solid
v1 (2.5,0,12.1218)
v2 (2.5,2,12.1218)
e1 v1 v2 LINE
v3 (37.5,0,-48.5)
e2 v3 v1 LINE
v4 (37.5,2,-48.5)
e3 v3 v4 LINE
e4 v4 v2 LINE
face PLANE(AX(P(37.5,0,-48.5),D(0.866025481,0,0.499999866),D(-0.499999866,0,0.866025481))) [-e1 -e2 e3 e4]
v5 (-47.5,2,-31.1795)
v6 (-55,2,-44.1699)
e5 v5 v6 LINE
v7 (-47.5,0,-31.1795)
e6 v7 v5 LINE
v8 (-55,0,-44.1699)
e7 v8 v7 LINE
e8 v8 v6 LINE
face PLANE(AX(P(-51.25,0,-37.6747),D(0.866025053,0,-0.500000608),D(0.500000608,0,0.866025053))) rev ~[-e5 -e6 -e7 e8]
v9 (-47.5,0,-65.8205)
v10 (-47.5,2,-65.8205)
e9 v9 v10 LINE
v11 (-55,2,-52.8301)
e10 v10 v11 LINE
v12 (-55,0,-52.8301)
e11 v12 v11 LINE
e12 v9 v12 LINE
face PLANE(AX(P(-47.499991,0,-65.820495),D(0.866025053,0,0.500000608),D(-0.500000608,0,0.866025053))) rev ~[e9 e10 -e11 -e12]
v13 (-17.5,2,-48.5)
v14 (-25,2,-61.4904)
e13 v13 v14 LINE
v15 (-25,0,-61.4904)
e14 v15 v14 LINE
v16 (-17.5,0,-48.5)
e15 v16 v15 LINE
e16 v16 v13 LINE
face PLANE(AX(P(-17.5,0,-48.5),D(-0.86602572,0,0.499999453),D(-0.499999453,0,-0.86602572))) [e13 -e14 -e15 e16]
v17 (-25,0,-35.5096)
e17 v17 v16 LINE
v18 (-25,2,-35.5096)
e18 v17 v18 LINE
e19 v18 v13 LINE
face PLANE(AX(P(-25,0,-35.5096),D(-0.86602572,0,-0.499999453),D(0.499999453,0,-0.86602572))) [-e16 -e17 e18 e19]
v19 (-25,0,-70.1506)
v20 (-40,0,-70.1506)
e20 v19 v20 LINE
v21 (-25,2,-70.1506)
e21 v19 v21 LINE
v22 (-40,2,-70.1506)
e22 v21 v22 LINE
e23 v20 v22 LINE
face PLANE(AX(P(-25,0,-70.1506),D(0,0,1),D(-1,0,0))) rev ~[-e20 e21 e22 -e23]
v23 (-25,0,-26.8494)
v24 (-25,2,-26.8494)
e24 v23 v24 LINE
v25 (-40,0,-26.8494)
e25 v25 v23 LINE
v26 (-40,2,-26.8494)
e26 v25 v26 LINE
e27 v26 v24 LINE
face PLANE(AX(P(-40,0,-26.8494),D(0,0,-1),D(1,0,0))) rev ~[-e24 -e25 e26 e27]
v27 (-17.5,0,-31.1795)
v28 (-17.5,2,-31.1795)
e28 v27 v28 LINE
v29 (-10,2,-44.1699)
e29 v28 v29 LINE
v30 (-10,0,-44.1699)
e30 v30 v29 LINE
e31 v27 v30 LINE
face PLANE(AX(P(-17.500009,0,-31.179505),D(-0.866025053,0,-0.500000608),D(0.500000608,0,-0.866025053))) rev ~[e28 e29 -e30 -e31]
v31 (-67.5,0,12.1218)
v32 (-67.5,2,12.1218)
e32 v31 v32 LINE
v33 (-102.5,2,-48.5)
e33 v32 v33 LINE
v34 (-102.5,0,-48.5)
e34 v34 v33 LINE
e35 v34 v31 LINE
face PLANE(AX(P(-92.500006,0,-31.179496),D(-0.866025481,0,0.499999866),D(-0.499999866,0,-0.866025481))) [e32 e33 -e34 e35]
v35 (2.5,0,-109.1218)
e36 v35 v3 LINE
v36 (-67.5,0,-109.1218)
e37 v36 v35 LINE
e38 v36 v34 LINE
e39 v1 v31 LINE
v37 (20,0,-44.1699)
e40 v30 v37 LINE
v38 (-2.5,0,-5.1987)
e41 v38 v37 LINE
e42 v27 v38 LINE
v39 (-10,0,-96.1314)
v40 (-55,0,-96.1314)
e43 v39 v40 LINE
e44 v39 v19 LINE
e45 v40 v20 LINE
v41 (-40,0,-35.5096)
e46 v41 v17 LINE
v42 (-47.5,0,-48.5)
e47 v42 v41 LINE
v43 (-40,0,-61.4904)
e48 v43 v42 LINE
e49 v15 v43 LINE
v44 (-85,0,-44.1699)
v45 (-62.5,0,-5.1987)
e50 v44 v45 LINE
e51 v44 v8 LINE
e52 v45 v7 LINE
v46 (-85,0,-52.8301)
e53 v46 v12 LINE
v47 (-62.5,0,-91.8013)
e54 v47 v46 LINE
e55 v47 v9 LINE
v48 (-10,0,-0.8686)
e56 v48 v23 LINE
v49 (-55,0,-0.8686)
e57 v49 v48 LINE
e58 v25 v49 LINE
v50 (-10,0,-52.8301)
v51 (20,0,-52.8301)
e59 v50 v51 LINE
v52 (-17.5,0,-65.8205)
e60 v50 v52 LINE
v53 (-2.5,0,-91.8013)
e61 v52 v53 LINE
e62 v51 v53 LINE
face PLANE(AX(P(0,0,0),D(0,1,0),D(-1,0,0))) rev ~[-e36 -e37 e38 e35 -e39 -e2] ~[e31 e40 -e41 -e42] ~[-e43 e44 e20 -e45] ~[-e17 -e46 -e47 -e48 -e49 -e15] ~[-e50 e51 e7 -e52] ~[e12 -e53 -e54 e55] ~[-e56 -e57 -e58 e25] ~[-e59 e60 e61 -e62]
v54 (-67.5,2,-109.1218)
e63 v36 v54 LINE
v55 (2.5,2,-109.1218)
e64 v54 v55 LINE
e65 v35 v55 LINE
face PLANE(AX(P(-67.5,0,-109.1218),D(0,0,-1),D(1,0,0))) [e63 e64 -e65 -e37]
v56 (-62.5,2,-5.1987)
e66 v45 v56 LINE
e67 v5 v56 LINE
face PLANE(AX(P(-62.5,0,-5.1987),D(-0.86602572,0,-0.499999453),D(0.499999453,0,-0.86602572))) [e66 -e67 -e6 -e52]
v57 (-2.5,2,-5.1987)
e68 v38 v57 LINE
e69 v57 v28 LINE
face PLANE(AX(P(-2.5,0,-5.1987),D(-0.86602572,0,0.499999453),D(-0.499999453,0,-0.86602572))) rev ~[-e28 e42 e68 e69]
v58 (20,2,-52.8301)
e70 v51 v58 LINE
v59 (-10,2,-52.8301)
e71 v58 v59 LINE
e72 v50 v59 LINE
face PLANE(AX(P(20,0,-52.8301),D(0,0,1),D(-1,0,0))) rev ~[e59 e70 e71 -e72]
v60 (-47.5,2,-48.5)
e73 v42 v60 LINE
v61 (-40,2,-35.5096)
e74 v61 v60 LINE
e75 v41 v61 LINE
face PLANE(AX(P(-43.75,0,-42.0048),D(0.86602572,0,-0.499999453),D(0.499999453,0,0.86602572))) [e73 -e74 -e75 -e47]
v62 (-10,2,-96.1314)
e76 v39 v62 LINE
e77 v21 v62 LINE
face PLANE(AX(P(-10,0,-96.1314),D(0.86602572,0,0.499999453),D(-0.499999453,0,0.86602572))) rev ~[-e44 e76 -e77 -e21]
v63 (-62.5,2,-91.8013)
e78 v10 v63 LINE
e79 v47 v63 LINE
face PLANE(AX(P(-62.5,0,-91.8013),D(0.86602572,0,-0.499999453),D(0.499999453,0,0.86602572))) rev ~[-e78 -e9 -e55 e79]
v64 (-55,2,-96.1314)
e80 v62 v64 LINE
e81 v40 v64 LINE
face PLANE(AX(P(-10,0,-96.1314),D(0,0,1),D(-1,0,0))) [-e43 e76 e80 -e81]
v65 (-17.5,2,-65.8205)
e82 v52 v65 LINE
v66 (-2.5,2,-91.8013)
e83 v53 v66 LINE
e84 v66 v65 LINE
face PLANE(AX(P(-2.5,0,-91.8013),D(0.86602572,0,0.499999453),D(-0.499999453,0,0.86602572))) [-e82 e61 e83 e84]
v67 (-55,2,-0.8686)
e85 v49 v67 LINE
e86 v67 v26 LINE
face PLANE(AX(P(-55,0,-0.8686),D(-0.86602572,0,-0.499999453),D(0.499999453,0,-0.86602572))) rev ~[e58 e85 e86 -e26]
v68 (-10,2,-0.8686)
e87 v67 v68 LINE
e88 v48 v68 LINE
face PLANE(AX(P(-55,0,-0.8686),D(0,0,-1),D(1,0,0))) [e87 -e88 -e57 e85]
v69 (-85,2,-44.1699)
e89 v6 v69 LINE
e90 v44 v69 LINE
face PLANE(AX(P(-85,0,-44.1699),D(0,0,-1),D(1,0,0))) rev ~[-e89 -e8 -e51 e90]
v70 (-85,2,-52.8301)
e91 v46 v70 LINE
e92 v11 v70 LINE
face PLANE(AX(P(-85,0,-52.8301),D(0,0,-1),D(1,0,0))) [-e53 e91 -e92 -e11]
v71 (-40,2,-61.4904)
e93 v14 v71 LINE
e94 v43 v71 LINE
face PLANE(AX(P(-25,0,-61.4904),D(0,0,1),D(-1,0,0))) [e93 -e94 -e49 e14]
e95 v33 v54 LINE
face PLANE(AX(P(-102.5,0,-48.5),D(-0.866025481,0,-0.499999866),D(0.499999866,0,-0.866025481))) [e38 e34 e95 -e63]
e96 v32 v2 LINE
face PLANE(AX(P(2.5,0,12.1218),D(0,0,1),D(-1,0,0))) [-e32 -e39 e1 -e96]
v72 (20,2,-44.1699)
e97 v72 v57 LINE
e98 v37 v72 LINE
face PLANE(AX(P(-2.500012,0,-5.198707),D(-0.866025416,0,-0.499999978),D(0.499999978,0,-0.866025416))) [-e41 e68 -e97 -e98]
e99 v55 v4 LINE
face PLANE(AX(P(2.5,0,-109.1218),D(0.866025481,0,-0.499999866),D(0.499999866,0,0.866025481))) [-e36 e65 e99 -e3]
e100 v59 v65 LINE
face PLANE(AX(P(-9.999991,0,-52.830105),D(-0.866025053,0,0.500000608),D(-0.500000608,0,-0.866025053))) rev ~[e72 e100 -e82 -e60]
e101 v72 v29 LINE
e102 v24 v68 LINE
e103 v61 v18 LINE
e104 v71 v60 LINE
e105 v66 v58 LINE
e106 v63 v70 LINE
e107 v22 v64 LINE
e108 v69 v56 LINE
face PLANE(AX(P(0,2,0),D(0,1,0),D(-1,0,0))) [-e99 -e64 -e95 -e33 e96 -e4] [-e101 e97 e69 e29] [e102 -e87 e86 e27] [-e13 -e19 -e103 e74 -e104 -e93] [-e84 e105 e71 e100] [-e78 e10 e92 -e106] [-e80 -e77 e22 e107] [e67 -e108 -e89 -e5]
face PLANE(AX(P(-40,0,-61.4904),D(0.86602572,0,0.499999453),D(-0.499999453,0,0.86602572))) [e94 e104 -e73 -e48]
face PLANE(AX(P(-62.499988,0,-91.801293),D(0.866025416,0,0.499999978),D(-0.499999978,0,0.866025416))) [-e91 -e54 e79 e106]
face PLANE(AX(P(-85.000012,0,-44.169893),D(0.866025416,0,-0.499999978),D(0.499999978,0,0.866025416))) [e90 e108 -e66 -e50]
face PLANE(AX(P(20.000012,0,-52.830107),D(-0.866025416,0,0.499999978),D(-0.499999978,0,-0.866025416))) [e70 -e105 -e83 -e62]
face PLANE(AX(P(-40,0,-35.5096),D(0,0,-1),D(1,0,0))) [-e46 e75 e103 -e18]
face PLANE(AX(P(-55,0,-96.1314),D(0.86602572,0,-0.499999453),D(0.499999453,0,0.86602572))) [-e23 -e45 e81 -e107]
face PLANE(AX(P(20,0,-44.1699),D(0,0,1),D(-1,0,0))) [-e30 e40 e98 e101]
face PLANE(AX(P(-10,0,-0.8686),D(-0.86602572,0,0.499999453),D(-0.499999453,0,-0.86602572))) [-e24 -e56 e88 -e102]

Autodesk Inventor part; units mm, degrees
ref_plane "YZ Plane" through (0, 0, 0) normal (1, 0, 0) x (0, 1, 0)
ref_plane "XZ Plane" through (0, 0, 0) normal (0, 1, 0) x (-1, 0, 0)
ref_plane "XY Plane" through (0, 0, 0) normal (0, 0, 1) x (1, 0, 0)
sketch "Sketch6" plane through (0, 0, 0) normal (0, 1, 0) x (-1, 0, 0)
  circle A0 centre (32.5, -48.5) radius 70
  line L0 (102.5, -48.5) -> (67.5, -109.1218)
  line L1 (67.5, -109.1218) -> (-2.5, -109.1218)
  line L2 (-2.5, -109.1218) -> (-37.5, -48.5)
  line L3 (-37.5, -48.5) -> (-2.5, 12.1218)
  line L4 (-2.5, 12.1218) -> (67.5, 12.1218)
  line L5 (67.5, 12.1218) -> (102.5, -48.5)
  line L6 (32.5, 12.1218) -> (47.5, 12.1218)
  line L7 (47.5, 12.1218) -> (47.5, 5.6218)
  line L8 (47.5, 5.6218) -> (17.5, 5.6218)
  line L9 (17.5, 5.6218) -> (17.5, 12.1218)
  line L10 (47.5, 5.6218) -> (56.6924, 5.6218) construction
  line L11 (17.5, 8.8718) -> (20, 8.8718)
  line L12 (47.5, 8.8718) -> (45, 8.8718)
  line L13 (45, 8.8718) -> (45, 10.1218)
  line L14 (45, 10.1218) -> (20, 10.1218)
  line L15 (20, 10.1218) -> (20, 7.6218)
  line L16 (20, 7.6218) -> (45, 7.6218)
  line L17 (45, 7.6218) -> (45, 10.1218)
  line L18 (47.5, 5.6218) -> (56.6924, 5.6218)
  line L19 (17.5, 5.6218) -> (11, 5.6218)
  line L20 (17.5, 12.1218) -> (11, 5.6218)
  line L21 (17.5, 12.1218) -> (26.6924, 12.1218) construction
  line L22 (47.5, 12.1218) -> (54, 5.6218)
  line L23 (85, -18.1891) -> (77.5, -5.1987)
  line L24 (77.5, -5.1987) -> (71.8708, -8.4487)
  line L25 (71.8708, -8.4487) -> (86.8708, -34.4295)
  line L26 (86.8708, -34.4295) -> (92.5, -31.1795)
  line L27 (71.8708, -8.4487) -> (67.2746, -0.4879) construction
  line L28 (89.6854, -32.8045) -> (88.4354, -30.6394)
  line L29 (74.6854, -6.8237) -> (75.9354, -8.9888)
  line L30 (75.9354, -8.9888) -> (77.0179, -8.3638)
  line L31 (77.0179, -8.3638) -> (89.5179, -30.0144)
  line L32 (89.5179, -30.0144) -> (87.3529, -31.2644)
  line L33 (87.3529, -31.2644) -> (74.8529, -9.6138)
  line L34 (74.8529, -9.6138) -> (77.0179, -8.3638)
  line L35 (71.8708, -8.4487) -> (67.2746, -0.4879)
  line L36 (86.8708, -34.4295) -> (90.1208, -40.0587)
  line L37 (92.5, -31.1795) -> (90.1208, -40.0587)
  line L38 (92.5, -31.1795) -> (87.9038, -23.2187) construction
  line L39 (77.5, -5.1987) -> (68.6208, -2.8196)
  line L40 (71.8708, -88.5513) -> (67.2746, -96.5121) construction
  line L41 (74.6854, -90.1763) -> (75.9354, -88.0112)
  line L42 (74.8529, -87.3862) -> (77.0179, -88.6362)
  line L43 (77.5, -91.8013) -> (71.8708, -88.5513)
  line L44 (77.5, -91.8013) -> (68.6208, -94.1804)
  line L45 (71.8708, -88.5513) -> (67.2746, -96.5121)
  line L46 (77.0179, -88.6362) -> (89.5179, -66.9856)
  line L47 (87.3529, -65.7356) -> (74.8529, -87.3862)
  line L48 (71.8708, -88.5513) -> (86.8708, -62.5705)
  line L49 (89.5179, -66.9856) -> (87.3529, -65.7356)
  line L50 (89.6854, -64.1955) -> (88.4354, -66.3606)
  line L51 (86.8708, -62.5705) -> (92.5, -65.8205)
  line L52 (86.8708, -62.5705) -> (90.1208, -56.9413)
  line L53 (92.5, -65.8205) -> (90.1208, -56.9413)
  line L54 (94.9944, -48.5) -> (63.7472, -102.6218)
  line L55 (63.7472, -102.6218) -> (1.2528, -102.6218)
  line L56 (1.2528, -102.6218) -> (-29.9944, -48.5)
  line L57 (-29.9944, -48.5) -> (1.2528, 5.6218)
  line L58 (1.2528, 5.6218) -> (63.7472, 5.6218)
  line L59 (63.7472, 5.6218) -> (94.9944, -48.5)
  line L60 (74.8529, -87.3862) -> (73.1208, -86.3862)
  line L61 (87.3529, -65.7356) -> (85.6208, -64.7356)
  line L62 (87.3529, -31.2644) -> (85.6208, -32.2644)
  line L63 (74.8529, -9.6138) -> (73.1208, -10.6138)
  line L64 (45, 7.6218) -> (45, 5.6218)
  line L65 (20, 7.6218) -> (20, 5.6218)
  line L66 (-29.9944, -48.5) -> (-22.9944, -48.5)
  line L67 (-29.9944, -48.5) -> (-28.2944, -48.5)
  line L68 (-28.2944, -48.5) -> (-22.9944, -48.5)
  circle A1 centre (-26.9944, -48.5) radius 1.5
  line L69 (-29.9944, -48.5) -> (-23.9944, -48.5)
  line L70 (-23.9944, -48.5) -> (-26.9944, -53.6962)
  line L71 (-23.9944, -48.5) -> (-26.9944, -43.3038)
  point P0 (-27.5473, -52.7386)
  point P1 (-28.2775, -45.5261)
  point P2 (88.4354, -30.6394)
  point P3 (75.9354, -8.9888)
  point P4 (76.4767, -8.6763)
  point P5 (89.6854, -32.8045)
  point P6 (86.4869, -65.2356)
  point P7 (88.4354, -66.3606)
  dimension "d127" = 140
  dimension "d87" = 15
  dimension "d88" = 6.5
  dimension "d91" = 2.5
  dimension "d92" = 2.5
  dimension "d95" = 1.25
  dimension "d96" = 25
  dimension "d97" = 2.5
  dimension "d98" = 25
  dimension "d99" = 135
  dimension "d100" = 0
  dimension "d114" = 1.7
  dimension "d117" = 3
  dimension "d121" = 3
  dimension "d123" = 6
  dimension "d128" = 5.1962
  dimension "d129" = 5.1962
  dimension "d130" = 3
extrude "Fronte" add sketch "Sketch6" along normal blind 2 contours L0 L53 L54 L59 L37 L5 | L5 L39 L35 L59 L58 L18 L22 L4 | L1 L2 L3 L4 L20 L58 L57 L56 L55 L54 L45 L44 L0 | L0 L43 L41 L42 L46 L49 L50 L51 | L51 L52 L53 | L26 L28 L32 L31 L30 L29 L24 L5 | L37 L36 L26 | L7 L12 L13 L14 L15 L11 L9 L4 | L22 L18 L7 | L24 L35 L39 | L44 L45 L43 | L50 L49 L61 L48 L51 | L52 L48 L45 L54 L55 L56 L70 L71 L57 L58 L19 L8 L18 L59 L35 L25 L36 | L26 L25 L62 L32 L28 | L9 L19 L20 | L7 L8 L64 L17 L12 | L29 L34 L63 L25 L24 | L43 L48 L60 L42 L41 | L49 L46 L42 L47 | L32 L33 L34 L30 L31 | L11 L15 L65 L8 L9 | L17 L16 L15 L14 L13 | L47 L60 L48 L61 | L25 L63 L33 L62 | L8 L65 L16 L64 | L71 L66 A1 L57 | L66 A1 L70 L56 | A1 L66 | L66 A1
sketch "Sketch11" plane through (0, 0, 0) normal (0, -1, 0) x (1, 0, 0)
  line L0 (-63.7472, 5.6218) -> (-1.2528, -102.6218)
  line L1 (-94.9944, -48.5) -> (29.9944, -48.5)
  line L2 (-63.7472, -102.6218) -> (-1.2528, 5.6218)
  line L3 (-1.2528, 5.6218) -> (-1.2528, -102.6218)
  circle A0 centre (-32.5, -48.5) radius 55
  line L4 (-5, -0.8686) -> (22.5, -48.5)
  line L5 (22.5, -48.5) -> (-5, -96.1314)
  line L6 (-5, -96.1314) -> (-60, -96.1314)
  line L7 (-60, -96.1314) -> (-87.5, -48.5)
  line L8 (-87.5, -48.5) -> (-60, -0.8686)
  line L9 (-60, -0.8686) -> (-5, -0.8686)
  circle A1 centre (-32.5, -48.5) radius 25
  circle A2 centre (-32.5, -48.5) radius 15
  line L10 (-25, -35.5096) -> (-17.5, -48.5)
  line L11 (-17.5, -48.5) -> (-25, -61.4904)
  line L12 (-25, -61.4904) -> (-40, -61.4904)
  line L13 (-40, -61.4904) -> (-47.5, -48.5)
  line L14 (-47.5, -48.5) -> (-40, -35.5096)
  line L15 (-40, -35.5096) -> (-25, -35.5096)
  line L16 (-20, -26.8494) -> (-7.5, -48.5)
  line L17 (-7.5, -48.5) -> (-20, -70.1506)
  line L18 (-20, -70.1506) -> (-45, -70.1506)
  line L19 (-45, -70.1506) -> (-57.5, -48.5)
  line L20 (-57.5, -48.5) -> (-45, -26.8494)
  line L21 (-45, -26.8494) -> (-20, -26.8494)
  line L22 (-85, -44.1699) -> (-55, -44.1699)
  line L23 (-85, -52.8301) -> (-55, -52.8301)
  line L24 (-55, -96.1314) -> (-40, -70.1506)
  line L25 (-62.5, -91.8013) -> (-47.5, -65.8205)
  line L26 (-2.5, -91.8013) -> (-17.5, -65.8205)
  line L27 (-10, -96.1314) -> (-25, -70.1506)
  line L28 (20, -44.1699) -> (-10, -44.1699)
  line L29 (20, -52.8301) -> (-10, -52.8301)
  line L30 (-10, -0.8686) -> (-25, -26.8494)
  line L31 (-2.5, -5.1987) -> (-17.5, -31.1795)
  line L32 (-62.5, -5.1987) -> (-47.5, -31.1795)
  line L33 (-55, -0.8686) -> (-40, -26.8494)
  line L34 (-43.75, -42.0048) -> (-51.25, -37.6747)
  line L35 (-70, -52.8301) -> (-70, -44.1699)
  line L36 (2.2476, -108.6846) -> (-67.2476, -108.6846)
  line L37 (-67.2476, -108.6846) -> (-101.9952, -48.5)
  line L38 (-101.9952, -48.5) -> (-67.2476, 11.6846)
  line L39 (-67.2476, 11.6846) -> (2.2476, 11.6846)
  line L40 (2.2476, 11.6846) -> (36.9952, -48.5)
  line L41 (36.9952, -48.5) -> (2.2476, -108.6846)
  point P0 (0, 0)
  point P1 (-62.5, -91.8013)
  point P2 (-47.5, -65.8205)
  point P3 (-10, -96.1314)
  point P4 (-25, -70.1506)
  point P5 (-55, -96.1314)
  point P6 (-10, -52.8301)
  point P7 (-2.5, -91.8013)
  point P8 (20, -52.8301)
  point P9 (20, -44.1699)
  point P10 (-2.5, -5.1987)
  point P11 (-17.5, -31.1795)
  point P12 (-10, -44.1699)
  point P13 (-62.5, -5.1987)
  point P14 (-47.5, -31.1795)
  point P15 (-55, -0.8686)
  point P16 (-40, -26.8494)
  point P17 (-25, -26.8494)
  point P18 (-10, -0.8686)
  dimension "d158" = 110
  dimension "d159" = 50
  dimension "d160" = 30
  dimension "d164" = 360
extrude "Extrusion17" cut sketch "Sketch11" against normal blind 2 contours L32 A1 L22 L8 | L9 L30 A1 L33 | L15 L2 L0 | L0 L1 L14 | A1 L30 L21 L33 | L32 L20 L22 A1 | L4 L3 L28 A1 L31 | L23 A1 L25 L7 | L1 L11 L0 | L2 L13 L1 | L2 L10 L1 | L0 L12 L2 | A1 L28 L16 L31 | L4 L28 L3 | L24 A1 L27 L6 | L5 L3 L29 | L23 L19 L25 A1 | L24 L18 L27 A1 | L26 A1 L29 L3 L5 | L26 L17 L29 A1
properties part number "LightFrontalino" material "Wood (Oak)"
